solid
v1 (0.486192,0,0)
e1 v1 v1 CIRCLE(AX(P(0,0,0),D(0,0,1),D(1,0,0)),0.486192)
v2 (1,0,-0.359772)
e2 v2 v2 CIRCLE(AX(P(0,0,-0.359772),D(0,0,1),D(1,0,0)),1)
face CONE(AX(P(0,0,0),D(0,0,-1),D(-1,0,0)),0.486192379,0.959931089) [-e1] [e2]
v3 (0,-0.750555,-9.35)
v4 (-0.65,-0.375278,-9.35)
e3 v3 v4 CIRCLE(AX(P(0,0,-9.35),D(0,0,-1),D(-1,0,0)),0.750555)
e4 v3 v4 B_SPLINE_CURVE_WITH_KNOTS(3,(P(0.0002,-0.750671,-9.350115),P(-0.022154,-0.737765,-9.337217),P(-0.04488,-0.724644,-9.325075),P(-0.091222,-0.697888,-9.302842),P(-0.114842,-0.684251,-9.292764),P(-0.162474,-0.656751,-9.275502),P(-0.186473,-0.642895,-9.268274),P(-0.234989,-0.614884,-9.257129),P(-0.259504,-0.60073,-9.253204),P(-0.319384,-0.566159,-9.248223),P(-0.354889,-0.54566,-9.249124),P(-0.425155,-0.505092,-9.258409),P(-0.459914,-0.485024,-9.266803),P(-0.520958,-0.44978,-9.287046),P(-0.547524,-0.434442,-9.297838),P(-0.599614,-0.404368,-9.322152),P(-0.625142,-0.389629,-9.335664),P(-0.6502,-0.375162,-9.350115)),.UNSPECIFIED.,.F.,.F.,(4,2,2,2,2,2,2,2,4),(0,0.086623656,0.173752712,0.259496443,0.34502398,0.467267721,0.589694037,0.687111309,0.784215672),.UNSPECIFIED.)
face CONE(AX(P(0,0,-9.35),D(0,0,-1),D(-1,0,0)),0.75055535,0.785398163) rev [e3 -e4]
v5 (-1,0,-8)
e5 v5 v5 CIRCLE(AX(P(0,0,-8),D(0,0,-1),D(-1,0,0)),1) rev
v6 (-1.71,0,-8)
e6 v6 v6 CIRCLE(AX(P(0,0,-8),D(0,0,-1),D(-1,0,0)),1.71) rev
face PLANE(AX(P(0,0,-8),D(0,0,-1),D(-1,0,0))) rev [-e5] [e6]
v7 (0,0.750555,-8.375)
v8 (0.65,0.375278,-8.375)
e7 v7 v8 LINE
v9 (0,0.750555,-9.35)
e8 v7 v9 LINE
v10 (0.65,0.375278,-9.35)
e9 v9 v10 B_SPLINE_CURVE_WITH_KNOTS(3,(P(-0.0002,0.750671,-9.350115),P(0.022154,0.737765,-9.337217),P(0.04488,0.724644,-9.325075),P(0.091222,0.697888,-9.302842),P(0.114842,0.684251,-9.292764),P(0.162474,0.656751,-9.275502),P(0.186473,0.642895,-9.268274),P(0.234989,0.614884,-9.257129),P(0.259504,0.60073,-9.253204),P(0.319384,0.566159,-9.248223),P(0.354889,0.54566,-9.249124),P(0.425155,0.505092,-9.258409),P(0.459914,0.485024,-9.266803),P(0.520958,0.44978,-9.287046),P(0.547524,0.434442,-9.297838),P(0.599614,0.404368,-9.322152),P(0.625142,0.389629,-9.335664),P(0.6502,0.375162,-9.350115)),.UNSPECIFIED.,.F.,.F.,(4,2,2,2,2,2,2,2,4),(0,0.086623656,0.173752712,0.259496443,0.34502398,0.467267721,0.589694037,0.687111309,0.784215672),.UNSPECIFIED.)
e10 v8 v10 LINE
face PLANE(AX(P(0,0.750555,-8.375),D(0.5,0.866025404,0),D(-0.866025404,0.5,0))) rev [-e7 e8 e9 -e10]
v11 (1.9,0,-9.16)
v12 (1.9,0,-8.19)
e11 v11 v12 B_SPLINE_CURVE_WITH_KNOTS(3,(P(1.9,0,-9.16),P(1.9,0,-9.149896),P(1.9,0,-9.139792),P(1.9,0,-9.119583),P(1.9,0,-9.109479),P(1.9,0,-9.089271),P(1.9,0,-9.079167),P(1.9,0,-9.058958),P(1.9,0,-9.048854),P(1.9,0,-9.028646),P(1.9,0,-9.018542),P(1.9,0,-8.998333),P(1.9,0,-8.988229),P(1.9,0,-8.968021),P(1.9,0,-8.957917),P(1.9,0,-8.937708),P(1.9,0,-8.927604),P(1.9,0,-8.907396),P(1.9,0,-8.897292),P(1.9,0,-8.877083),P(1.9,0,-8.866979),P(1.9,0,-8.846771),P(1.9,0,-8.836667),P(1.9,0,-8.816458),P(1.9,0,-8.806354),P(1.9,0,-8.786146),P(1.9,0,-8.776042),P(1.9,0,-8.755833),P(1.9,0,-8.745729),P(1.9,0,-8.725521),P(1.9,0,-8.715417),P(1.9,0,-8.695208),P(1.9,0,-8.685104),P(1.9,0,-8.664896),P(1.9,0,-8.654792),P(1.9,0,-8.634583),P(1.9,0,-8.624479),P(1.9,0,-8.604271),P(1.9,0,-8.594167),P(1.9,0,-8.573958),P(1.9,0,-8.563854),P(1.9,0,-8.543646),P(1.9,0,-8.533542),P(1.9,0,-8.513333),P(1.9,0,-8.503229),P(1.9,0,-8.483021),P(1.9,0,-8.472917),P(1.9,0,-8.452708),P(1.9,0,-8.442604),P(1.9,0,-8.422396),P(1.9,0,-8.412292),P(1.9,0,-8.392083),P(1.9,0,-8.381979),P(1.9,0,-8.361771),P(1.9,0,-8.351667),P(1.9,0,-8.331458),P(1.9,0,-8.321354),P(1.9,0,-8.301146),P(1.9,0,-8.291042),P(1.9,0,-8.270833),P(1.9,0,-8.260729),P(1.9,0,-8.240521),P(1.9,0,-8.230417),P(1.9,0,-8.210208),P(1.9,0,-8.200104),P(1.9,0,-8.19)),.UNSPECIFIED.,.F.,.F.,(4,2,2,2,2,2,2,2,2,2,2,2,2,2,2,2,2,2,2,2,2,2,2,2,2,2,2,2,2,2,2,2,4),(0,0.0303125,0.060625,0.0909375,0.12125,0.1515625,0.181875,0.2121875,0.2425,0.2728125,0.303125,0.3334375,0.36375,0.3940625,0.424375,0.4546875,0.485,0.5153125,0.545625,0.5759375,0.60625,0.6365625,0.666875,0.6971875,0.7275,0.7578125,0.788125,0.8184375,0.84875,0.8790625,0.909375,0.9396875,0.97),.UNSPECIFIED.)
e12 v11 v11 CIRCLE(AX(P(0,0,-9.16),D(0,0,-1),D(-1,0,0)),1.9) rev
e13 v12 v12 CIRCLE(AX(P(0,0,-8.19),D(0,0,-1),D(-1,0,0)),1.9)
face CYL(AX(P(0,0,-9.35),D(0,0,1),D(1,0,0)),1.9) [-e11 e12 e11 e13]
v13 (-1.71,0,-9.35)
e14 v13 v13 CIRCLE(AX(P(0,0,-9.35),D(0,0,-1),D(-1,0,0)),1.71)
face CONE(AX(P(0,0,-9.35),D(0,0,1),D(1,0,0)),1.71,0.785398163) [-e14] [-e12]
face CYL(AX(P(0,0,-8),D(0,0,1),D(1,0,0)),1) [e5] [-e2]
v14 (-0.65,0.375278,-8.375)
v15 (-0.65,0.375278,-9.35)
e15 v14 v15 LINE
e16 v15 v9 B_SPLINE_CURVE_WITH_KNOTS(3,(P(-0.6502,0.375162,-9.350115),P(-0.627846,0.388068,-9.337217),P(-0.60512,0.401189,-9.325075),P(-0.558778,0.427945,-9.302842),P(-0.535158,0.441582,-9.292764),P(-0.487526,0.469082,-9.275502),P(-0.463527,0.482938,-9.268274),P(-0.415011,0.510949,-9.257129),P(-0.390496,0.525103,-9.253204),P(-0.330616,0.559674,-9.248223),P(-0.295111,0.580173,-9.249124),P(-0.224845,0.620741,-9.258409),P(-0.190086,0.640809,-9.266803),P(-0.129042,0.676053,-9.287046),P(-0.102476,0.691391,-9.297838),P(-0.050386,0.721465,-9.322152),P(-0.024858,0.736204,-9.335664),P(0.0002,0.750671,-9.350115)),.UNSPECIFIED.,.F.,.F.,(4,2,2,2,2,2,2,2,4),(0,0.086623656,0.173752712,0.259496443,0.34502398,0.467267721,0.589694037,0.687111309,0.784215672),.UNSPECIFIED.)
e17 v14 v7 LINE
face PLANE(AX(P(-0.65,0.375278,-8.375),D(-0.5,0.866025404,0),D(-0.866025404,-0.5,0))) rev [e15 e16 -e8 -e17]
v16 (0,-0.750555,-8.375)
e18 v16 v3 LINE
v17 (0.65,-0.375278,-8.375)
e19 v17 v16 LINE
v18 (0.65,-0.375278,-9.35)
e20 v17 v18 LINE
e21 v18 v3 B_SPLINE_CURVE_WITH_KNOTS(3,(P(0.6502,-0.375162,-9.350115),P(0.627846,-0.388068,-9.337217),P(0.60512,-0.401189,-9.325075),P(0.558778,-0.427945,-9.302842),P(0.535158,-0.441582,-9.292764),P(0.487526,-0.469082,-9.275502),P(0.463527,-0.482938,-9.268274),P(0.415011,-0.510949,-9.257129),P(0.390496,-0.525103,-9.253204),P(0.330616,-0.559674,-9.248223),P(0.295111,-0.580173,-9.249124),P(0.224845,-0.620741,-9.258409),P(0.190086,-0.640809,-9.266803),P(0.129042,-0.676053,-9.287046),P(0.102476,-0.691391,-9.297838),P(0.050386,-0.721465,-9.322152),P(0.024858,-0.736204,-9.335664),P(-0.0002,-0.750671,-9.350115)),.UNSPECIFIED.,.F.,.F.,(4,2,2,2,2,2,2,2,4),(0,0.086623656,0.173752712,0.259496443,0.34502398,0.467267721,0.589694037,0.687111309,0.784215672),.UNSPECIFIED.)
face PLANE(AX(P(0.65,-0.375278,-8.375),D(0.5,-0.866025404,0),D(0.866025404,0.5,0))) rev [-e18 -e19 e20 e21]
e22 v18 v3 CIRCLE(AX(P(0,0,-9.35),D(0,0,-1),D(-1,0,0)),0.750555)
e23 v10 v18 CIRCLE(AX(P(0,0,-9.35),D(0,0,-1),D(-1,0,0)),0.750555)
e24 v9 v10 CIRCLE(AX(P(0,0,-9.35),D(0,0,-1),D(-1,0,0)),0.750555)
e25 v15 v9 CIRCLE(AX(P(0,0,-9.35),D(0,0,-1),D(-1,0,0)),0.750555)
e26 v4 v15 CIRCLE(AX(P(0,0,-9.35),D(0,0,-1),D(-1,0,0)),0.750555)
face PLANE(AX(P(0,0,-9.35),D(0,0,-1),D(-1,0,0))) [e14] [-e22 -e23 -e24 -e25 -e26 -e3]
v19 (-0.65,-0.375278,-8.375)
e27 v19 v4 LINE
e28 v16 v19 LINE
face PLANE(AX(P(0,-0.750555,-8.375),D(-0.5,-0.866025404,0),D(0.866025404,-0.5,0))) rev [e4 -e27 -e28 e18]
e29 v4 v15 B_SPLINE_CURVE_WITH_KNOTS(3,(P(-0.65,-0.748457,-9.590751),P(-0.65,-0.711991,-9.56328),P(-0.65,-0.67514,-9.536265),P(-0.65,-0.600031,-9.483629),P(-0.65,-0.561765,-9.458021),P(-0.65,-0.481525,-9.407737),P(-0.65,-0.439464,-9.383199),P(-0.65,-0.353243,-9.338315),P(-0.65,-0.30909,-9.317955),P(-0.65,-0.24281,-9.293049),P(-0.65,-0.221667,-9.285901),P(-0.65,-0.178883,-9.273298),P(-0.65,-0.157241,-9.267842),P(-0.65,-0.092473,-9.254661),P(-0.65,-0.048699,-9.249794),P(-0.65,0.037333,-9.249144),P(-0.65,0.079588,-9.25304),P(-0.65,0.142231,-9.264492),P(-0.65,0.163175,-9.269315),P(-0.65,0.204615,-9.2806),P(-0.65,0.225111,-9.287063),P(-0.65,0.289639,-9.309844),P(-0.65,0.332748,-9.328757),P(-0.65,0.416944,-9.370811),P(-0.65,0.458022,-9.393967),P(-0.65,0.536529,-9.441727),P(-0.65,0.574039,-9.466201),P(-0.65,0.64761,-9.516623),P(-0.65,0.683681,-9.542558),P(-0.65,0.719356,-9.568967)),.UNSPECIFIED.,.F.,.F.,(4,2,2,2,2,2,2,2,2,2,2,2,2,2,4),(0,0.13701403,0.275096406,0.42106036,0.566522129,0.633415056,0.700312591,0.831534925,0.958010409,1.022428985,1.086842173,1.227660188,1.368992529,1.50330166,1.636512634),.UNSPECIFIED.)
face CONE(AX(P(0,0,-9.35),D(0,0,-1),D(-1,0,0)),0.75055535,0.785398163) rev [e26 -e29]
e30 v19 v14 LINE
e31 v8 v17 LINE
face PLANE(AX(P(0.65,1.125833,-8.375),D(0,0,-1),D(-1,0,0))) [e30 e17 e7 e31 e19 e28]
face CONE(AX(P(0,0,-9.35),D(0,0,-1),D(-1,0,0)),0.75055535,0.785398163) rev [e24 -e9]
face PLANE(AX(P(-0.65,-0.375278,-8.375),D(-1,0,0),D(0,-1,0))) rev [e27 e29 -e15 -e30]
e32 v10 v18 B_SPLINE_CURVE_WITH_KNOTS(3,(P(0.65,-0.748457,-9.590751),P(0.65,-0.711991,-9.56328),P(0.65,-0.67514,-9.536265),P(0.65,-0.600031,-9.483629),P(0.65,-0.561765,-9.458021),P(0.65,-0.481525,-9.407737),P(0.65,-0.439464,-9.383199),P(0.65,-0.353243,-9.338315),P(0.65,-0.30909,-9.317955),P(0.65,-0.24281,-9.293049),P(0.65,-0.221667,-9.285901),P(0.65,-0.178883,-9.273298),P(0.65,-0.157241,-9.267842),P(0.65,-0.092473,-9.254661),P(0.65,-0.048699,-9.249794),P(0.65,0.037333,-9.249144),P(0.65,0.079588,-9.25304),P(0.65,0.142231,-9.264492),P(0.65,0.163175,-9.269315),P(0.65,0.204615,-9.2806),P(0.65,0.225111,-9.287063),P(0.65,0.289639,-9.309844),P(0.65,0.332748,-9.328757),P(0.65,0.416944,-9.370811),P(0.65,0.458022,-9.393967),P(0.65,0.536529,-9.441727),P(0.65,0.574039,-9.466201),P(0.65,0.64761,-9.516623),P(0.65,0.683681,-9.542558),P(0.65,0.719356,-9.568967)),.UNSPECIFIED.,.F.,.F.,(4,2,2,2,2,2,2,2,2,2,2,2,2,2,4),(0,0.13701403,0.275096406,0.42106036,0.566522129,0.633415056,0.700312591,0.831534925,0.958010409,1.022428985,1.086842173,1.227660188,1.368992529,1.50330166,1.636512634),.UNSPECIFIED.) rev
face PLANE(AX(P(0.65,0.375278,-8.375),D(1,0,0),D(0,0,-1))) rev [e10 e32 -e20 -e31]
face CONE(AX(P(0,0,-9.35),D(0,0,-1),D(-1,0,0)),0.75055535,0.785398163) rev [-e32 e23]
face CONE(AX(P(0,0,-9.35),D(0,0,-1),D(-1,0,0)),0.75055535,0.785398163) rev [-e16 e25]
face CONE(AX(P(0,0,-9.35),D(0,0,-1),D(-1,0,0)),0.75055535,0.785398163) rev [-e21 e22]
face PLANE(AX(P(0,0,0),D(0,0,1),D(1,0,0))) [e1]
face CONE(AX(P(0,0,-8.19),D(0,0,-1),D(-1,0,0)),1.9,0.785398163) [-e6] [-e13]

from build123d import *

# Parameters (mm, degrees)
SKETCH1_R          = 1
EXTRUDE1_DEPTH     = 8
SKETCH6_R          = 1.9
EXTRUDE2_DEPTH     = 1.35
CUT_EXTRUDE1_DEPTH = 0.975
CHAMFER1_SIZE      = 0.19


with BuildPart() as part:
    # Sketch1 → Extrude1 (new body)
    with BuildSketch(Plane.XY):
        Circle(SKETCH1_R)
    extrude(amount=-EXTRUDE1_DEPTH)

    # Sketch4 → Cut-Revolve1 (revolve, cut)
    with BuildSketch(Plane(origin=(0, 0, 0), x_dir=(0, 0, -1), z_dir=(1, 0, 0))):
        Polygon((0.35977197, 1), (0, 0.486192379), (0, 1), align=None)
    revolve(axis=Axis((0, 0, 0), (0, 0, -1)), mode=Mode.SUBTRACT)

    # Sketch6 → Extrude2 (add)
    with BuildSketch(Plane(origin=(0, 0, -8), x_dir=(-1, 0, 0), z_dir=(0, 0, -1))):
        Circle(SKETCH6_R)
    extrude(amount=EXTRUDE2_DEPTH)

    # Sketch7 → Cut-Extrude1 (cut)
    with BuildSketch(Plane(origin=(0, 0, -9.35), x_dir=(-1, 0, 0), z_dir=(0, 0, -1))):
        Polygon((0, 0.75055535), (-0.65, 0.375277675), (-0.65, -0.375277675), (0, -0.75055535), (0.65, -0.375277675), (0.65, 0.375277675), align=None)
    extrude(amount=-CUT_EXTRUDE1_DEPTH, mode=Mode.SUBTRACT)

    # Cut-Extrude2 cone 1 section (through the dimple's axis) → Cut-Extrude2 (revolve, cut)
    with BuildSketch(Plane(origin=(0, 0, -9.35), x_dir=(0, 1, 0), z_dir=(1, 0, 0))):
        Polygon((0, 0), (0.75055535, 0), (0, 0.75055535), align=None)
    revolve(axis=Axis((0, 0, -9.35), (0, 0, 1)), mode=Mode.SUBTRACT)

    # Chamfer1
    chamfer1_edges = [part.edges().sort_by_distance(p)[0] for p in [
        (1.9, 0, -9.35),
        (1.9, 0, -8),
    ]]
    chamfer(chamfer1_edges, length=CHAMFER1_SIZE)


solid = part.part
